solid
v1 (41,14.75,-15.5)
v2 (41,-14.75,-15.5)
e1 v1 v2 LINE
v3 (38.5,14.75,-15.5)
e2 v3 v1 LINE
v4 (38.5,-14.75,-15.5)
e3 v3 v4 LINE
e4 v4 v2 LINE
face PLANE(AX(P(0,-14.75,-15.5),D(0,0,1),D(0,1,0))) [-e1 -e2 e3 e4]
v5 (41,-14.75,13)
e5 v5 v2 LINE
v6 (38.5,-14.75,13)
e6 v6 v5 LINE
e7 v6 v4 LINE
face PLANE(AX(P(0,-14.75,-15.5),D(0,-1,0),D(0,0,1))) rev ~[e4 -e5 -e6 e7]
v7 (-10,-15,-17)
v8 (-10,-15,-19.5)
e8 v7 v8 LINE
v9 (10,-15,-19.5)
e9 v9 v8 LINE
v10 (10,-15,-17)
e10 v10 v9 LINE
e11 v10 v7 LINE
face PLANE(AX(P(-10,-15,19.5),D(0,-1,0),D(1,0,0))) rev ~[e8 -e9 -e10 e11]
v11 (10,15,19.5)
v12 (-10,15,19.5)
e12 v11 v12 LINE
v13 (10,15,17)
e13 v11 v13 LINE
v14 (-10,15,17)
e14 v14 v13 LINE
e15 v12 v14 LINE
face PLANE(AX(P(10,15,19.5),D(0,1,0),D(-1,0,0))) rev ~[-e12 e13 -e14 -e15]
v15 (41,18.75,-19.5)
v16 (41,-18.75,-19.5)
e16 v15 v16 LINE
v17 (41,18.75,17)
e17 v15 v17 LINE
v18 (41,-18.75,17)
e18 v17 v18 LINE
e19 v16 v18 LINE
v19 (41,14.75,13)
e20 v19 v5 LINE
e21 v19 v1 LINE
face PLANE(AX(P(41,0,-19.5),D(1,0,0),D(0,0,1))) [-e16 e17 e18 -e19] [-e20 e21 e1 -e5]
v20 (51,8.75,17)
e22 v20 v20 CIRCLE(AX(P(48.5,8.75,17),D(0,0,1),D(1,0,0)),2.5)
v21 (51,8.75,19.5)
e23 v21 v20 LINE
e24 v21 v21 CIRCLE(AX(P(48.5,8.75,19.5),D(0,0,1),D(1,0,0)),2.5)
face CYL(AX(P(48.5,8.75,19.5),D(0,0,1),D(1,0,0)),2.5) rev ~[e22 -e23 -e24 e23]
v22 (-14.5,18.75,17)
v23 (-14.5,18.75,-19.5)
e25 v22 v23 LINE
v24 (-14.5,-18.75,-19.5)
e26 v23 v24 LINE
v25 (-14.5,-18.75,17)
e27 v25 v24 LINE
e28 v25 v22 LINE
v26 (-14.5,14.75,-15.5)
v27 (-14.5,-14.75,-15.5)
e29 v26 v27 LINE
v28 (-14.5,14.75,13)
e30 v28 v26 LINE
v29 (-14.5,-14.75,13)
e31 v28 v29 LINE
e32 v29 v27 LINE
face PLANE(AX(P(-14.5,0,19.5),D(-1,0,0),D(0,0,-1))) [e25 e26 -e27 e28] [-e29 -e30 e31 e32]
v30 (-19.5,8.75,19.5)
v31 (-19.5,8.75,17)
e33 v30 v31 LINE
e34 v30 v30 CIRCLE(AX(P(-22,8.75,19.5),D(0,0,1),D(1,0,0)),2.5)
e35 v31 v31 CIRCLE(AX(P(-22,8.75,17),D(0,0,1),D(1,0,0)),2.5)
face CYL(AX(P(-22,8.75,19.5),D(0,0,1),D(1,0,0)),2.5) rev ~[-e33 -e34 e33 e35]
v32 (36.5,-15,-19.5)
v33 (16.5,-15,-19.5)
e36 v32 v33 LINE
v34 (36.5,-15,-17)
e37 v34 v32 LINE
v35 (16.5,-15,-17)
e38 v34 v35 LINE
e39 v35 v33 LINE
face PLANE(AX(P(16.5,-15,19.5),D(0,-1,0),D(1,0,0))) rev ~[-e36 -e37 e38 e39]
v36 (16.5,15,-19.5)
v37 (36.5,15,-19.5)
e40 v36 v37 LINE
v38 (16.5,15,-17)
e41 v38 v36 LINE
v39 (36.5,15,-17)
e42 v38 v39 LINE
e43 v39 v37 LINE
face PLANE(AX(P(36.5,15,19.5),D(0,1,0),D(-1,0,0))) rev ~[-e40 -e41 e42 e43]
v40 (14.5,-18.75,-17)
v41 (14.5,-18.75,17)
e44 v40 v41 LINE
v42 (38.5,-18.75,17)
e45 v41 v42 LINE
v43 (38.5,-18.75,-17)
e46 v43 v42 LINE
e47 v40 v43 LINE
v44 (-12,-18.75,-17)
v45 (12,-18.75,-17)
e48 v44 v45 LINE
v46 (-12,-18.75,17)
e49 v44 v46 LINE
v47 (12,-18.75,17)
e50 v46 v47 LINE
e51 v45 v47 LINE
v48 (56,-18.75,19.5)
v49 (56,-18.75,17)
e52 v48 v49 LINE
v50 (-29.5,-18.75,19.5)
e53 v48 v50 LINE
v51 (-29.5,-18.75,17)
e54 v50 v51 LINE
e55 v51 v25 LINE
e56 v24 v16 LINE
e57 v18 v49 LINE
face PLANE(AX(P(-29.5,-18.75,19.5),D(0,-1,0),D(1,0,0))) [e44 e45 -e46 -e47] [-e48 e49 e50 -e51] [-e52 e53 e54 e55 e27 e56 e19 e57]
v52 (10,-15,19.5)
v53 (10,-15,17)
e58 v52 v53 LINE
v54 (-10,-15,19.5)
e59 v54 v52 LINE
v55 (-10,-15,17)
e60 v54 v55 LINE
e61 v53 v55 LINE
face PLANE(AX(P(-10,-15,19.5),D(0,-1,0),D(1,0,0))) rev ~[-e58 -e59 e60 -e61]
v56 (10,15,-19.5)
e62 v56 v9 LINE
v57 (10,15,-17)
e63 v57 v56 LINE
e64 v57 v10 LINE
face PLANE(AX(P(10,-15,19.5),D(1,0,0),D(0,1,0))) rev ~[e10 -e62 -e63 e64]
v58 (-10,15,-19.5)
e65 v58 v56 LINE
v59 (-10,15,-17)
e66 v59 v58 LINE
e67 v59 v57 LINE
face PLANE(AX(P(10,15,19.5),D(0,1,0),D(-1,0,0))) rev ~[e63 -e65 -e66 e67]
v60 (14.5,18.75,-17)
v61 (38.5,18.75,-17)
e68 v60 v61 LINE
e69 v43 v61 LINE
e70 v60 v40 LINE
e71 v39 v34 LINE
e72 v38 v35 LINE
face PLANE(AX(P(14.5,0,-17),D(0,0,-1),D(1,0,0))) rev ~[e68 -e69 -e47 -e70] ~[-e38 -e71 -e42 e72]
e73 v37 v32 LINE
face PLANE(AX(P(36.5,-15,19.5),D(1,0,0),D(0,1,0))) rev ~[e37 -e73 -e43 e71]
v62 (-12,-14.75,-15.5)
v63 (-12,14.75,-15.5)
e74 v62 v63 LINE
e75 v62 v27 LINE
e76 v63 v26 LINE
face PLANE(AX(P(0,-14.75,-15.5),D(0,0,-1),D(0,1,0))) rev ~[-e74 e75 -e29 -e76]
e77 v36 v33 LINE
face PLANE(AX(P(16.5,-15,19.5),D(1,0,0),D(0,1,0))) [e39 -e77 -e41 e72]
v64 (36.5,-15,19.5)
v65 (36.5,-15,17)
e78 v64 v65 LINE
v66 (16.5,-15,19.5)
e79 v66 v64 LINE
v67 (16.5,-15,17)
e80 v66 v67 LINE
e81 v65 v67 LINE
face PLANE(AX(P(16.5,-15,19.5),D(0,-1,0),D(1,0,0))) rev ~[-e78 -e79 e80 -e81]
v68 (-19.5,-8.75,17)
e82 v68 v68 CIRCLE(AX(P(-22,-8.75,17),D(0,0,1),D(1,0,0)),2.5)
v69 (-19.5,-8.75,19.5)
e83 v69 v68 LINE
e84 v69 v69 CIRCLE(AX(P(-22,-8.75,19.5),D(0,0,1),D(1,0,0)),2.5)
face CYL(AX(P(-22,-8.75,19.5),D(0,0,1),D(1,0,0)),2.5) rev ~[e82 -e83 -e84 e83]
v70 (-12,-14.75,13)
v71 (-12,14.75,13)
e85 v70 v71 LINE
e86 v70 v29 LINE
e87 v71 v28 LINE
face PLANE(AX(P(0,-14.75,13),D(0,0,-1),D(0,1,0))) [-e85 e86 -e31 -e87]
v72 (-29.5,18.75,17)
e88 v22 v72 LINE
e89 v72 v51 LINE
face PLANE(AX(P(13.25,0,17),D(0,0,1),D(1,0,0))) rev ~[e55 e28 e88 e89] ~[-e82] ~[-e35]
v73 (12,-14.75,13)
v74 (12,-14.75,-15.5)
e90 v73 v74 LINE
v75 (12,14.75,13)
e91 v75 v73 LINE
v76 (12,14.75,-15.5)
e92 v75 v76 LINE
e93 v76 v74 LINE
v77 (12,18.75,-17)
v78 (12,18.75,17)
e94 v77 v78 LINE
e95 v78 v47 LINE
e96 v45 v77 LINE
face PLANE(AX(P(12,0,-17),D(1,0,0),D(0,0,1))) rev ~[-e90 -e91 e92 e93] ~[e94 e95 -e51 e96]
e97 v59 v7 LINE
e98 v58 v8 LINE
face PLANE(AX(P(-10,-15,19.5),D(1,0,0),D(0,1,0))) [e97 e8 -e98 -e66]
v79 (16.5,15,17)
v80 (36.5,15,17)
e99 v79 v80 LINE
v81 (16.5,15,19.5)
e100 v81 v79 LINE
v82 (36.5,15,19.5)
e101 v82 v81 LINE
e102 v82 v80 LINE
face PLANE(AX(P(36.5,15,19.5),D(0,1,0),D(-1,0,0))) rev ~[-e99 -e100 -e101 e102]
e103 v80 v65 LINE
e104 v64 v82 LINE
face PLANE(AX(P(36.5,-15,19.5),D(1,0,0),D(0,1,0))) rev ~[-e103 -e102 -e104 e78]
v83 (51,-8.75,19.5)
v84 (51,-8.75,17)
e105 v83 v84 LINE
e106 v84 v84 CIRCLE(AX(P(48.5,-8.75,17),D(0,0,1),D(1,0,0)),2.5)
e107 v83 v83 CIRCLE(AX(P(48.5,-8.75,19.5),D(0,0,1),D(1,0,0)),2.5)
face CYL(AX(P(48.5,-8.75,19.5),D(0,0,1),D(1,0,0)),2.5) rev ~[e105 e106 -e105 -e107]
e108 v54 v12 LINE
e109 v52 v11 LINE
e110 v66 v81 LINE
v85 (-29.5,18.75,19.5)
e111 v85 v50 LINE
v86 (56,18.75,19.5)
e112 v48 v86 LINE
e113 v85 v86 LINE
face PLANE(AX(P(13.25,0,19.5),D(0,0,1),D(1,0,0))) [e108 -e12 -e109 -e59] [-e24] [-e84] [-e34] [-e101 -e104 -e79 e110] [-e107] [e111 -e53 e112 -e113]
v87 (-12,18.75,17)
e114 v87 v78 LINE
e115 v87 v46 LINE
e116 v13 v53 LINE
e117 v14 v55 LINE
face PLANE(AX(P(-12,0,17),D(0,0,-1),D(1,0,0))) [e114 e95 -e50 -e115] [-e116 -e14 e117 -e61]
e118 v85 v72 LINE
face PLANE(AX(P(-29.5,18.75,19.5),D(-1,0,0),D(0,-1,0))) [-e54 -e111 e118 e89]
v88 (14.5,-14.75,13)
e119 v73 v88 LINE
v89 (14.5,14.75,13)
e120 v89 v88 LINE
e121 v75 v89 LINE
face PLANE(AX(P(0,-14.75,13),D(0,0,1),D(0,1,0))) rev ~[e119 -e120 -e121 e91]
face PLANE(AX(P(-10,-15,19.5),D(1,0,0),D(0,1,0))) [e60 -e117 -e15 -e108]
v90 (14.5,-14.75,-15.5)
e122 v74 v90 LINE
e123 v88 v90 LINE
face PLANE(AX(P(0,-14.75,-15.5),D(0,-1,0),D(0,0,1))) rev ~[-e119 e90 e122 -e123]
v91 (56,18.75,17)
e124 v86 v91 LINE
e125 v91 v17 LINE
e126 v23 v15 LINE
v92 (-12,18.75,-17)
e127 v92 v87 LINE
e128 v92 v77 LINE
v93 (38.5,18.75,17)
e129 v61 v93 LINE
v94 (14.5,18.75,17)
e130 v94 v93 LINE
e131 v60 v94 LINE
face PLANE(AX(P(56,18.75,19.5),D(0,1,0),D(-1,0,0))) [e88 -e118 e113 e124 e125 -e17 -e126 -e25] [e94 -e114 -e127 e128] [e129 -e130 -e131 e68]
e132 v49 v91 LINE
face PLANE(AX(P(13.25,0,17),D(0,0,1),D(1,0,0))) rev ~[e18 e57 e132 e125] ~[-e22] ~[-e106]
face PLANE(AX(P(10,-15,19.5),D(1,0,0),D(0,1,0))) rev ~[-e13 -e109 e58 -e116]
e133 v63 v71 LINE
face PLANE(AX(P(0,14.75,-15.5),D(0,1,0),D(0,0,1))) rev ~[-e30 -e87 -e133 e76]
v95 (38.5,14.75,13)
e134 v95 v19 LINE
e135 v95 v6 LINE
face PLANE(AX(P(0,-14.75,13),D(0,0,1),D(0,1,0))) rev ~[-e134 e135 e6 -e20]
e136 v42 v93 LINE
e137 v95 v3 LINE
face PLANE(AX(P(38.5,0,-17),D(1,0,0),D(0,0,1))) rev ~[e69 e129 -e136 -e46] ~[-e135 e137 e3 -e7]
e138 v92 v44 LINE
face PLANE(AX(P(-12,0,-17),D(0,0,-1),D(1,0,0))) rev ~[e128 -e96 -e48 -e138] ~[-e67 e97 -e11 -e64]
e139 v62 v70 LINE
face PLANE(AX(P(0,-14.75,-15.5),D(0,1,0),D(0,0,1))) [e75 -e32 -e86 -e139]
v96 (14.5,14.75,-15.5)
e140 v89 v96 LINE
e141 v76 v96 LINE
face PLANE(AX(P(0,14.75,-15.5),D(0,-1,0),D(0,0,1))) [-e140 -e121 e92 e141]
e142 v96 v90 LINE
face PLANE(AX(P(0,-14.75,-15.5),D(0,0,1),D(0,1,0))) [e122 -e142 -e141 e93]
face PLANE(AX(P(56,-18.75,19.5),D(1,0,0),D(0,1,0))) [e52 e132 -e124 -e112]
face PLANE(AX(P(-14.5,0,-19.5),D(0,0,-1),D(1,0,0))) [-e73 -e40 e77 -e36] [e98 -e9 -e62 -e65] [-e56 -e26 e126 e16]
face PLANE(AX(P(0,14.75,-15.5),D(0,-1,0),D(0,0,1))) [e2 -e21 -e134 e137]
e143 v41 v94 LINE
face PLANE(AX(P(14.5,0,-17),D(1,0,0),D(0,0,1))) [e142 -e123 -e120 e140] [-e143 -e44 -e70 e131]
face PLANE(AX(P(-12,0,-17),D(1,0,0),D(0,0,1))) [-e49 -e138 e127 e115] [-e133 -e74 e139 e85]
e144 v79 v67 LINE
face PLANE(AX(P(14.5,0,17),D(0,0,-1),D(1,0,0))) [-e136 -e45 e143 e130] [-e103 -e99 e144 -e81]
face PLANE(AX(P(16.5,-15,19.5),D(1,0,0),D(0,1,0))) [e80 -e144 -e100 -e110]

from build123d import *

# Parameters (mm, degrees)
F0_W          = 24
F0_H          = 34
F1_DEPTH      = 18.75
F1_DEPTH_BACK = 18.75
F2_R          = 2.5
F3_DEPTH      = 2.5
F2_W          = 6.75
F2_H          = 30
F2_W_2        = 13.25
F4_DEPTH      = 60
F5_W          = 29.5
F5_H          = 28.5
F6_DEPTH      = 76.15809
F6_DEPTH_BACK = 25


with BuildPart() as f1:
    # F0 (on Front) → F1 (new body, two sides)
    with BuildSketch(Plane.XZ) as f1_sk:
        Polygon((14.5, 19.5), (-14.5, 19.5), (-14.5, -19.5), (14.5, -19.5), (41, -19.5), (41, -17), (41, 17), (41, 19.5), align=None)
        Rectangle(F0_W, F0_H, mode=Mode.SUBTRACT)
        with Locations((26.5, 0)):
            Rectangle(F0_W, F0_H, mode=Mode.SUBTRACT)
    extrude(amount=F1_DEPTH)
    extrude(f1_sk.sketch, amount=-F1_DEPTH_BACK)

    # F2 (on face) → F3 (join)
    with BuildSketch(Plane.XY.offset(19.5)):
        Polygon((-29.5, 18.75), (-29.5, -18.75), (56, -18.75), (56, 18.75), (-14.5, 18.75), align=None)
        with Locations((-22, -8.75)):
            Circle(F2_R, mode=Mode.SUBTRACT)
        with Locations((48.5, -8.75)):
            Circle(F2_R, mode=Mode.SUBTRACT)
        with Locations((-22, 8.75)):
            Circle(F2_R, mode=Mode.SUBTRACT)
        Polygon((-10, -15), (-10, 15), (3.25, 15), (10, 15), (16.5, 15), (23.25, 15), (36.5, 15), (36.5, -15), (23.25, -15), (16.5, -15), (10, -15), (3.25, -15), align=None, mode=Mode.SUBTRACT)
        with Locations((48.5, 8.75)):
            Circle(F2_R, mode=Mode.SUBTRACT)
    extrude(amount=-F3_DEPTH)

    # F2 (on face) → F4 (cut)
    with BuildSketch(Plane.XY.offset(19.5)):
        with Locations((6.625, 0)):
            Rectangle(F2_W, F2_H)
        with Locations((-3.375, 0)):
            Rectangle(F2_W_2, F2_H)
        with Locations((19.875, 0)):
            Rectangle(F2_W, F2_H)
        with Locations((29.875, 0)):
            Rectangle(F2_W_2, F2_H)
    extrude(amount=-F4_DEPTH, mode=Mode.SUBTRACT)

    # F5 (on Right) → F6 (cut, two sides)
    with BuildSketch(Plane.YZ) as f6_sk:
        with Locations((0, -1.25)):
            Rectangle(F5_W, F5_H)
    extrude(amount=F6_DEPTH, mode=Mode.SUBTRACT)
    extrude(f6_sk.sketch, amount=-F6_DEPTH_BACK, mode=Mode.SUBTRACT)


solid = f1.part
